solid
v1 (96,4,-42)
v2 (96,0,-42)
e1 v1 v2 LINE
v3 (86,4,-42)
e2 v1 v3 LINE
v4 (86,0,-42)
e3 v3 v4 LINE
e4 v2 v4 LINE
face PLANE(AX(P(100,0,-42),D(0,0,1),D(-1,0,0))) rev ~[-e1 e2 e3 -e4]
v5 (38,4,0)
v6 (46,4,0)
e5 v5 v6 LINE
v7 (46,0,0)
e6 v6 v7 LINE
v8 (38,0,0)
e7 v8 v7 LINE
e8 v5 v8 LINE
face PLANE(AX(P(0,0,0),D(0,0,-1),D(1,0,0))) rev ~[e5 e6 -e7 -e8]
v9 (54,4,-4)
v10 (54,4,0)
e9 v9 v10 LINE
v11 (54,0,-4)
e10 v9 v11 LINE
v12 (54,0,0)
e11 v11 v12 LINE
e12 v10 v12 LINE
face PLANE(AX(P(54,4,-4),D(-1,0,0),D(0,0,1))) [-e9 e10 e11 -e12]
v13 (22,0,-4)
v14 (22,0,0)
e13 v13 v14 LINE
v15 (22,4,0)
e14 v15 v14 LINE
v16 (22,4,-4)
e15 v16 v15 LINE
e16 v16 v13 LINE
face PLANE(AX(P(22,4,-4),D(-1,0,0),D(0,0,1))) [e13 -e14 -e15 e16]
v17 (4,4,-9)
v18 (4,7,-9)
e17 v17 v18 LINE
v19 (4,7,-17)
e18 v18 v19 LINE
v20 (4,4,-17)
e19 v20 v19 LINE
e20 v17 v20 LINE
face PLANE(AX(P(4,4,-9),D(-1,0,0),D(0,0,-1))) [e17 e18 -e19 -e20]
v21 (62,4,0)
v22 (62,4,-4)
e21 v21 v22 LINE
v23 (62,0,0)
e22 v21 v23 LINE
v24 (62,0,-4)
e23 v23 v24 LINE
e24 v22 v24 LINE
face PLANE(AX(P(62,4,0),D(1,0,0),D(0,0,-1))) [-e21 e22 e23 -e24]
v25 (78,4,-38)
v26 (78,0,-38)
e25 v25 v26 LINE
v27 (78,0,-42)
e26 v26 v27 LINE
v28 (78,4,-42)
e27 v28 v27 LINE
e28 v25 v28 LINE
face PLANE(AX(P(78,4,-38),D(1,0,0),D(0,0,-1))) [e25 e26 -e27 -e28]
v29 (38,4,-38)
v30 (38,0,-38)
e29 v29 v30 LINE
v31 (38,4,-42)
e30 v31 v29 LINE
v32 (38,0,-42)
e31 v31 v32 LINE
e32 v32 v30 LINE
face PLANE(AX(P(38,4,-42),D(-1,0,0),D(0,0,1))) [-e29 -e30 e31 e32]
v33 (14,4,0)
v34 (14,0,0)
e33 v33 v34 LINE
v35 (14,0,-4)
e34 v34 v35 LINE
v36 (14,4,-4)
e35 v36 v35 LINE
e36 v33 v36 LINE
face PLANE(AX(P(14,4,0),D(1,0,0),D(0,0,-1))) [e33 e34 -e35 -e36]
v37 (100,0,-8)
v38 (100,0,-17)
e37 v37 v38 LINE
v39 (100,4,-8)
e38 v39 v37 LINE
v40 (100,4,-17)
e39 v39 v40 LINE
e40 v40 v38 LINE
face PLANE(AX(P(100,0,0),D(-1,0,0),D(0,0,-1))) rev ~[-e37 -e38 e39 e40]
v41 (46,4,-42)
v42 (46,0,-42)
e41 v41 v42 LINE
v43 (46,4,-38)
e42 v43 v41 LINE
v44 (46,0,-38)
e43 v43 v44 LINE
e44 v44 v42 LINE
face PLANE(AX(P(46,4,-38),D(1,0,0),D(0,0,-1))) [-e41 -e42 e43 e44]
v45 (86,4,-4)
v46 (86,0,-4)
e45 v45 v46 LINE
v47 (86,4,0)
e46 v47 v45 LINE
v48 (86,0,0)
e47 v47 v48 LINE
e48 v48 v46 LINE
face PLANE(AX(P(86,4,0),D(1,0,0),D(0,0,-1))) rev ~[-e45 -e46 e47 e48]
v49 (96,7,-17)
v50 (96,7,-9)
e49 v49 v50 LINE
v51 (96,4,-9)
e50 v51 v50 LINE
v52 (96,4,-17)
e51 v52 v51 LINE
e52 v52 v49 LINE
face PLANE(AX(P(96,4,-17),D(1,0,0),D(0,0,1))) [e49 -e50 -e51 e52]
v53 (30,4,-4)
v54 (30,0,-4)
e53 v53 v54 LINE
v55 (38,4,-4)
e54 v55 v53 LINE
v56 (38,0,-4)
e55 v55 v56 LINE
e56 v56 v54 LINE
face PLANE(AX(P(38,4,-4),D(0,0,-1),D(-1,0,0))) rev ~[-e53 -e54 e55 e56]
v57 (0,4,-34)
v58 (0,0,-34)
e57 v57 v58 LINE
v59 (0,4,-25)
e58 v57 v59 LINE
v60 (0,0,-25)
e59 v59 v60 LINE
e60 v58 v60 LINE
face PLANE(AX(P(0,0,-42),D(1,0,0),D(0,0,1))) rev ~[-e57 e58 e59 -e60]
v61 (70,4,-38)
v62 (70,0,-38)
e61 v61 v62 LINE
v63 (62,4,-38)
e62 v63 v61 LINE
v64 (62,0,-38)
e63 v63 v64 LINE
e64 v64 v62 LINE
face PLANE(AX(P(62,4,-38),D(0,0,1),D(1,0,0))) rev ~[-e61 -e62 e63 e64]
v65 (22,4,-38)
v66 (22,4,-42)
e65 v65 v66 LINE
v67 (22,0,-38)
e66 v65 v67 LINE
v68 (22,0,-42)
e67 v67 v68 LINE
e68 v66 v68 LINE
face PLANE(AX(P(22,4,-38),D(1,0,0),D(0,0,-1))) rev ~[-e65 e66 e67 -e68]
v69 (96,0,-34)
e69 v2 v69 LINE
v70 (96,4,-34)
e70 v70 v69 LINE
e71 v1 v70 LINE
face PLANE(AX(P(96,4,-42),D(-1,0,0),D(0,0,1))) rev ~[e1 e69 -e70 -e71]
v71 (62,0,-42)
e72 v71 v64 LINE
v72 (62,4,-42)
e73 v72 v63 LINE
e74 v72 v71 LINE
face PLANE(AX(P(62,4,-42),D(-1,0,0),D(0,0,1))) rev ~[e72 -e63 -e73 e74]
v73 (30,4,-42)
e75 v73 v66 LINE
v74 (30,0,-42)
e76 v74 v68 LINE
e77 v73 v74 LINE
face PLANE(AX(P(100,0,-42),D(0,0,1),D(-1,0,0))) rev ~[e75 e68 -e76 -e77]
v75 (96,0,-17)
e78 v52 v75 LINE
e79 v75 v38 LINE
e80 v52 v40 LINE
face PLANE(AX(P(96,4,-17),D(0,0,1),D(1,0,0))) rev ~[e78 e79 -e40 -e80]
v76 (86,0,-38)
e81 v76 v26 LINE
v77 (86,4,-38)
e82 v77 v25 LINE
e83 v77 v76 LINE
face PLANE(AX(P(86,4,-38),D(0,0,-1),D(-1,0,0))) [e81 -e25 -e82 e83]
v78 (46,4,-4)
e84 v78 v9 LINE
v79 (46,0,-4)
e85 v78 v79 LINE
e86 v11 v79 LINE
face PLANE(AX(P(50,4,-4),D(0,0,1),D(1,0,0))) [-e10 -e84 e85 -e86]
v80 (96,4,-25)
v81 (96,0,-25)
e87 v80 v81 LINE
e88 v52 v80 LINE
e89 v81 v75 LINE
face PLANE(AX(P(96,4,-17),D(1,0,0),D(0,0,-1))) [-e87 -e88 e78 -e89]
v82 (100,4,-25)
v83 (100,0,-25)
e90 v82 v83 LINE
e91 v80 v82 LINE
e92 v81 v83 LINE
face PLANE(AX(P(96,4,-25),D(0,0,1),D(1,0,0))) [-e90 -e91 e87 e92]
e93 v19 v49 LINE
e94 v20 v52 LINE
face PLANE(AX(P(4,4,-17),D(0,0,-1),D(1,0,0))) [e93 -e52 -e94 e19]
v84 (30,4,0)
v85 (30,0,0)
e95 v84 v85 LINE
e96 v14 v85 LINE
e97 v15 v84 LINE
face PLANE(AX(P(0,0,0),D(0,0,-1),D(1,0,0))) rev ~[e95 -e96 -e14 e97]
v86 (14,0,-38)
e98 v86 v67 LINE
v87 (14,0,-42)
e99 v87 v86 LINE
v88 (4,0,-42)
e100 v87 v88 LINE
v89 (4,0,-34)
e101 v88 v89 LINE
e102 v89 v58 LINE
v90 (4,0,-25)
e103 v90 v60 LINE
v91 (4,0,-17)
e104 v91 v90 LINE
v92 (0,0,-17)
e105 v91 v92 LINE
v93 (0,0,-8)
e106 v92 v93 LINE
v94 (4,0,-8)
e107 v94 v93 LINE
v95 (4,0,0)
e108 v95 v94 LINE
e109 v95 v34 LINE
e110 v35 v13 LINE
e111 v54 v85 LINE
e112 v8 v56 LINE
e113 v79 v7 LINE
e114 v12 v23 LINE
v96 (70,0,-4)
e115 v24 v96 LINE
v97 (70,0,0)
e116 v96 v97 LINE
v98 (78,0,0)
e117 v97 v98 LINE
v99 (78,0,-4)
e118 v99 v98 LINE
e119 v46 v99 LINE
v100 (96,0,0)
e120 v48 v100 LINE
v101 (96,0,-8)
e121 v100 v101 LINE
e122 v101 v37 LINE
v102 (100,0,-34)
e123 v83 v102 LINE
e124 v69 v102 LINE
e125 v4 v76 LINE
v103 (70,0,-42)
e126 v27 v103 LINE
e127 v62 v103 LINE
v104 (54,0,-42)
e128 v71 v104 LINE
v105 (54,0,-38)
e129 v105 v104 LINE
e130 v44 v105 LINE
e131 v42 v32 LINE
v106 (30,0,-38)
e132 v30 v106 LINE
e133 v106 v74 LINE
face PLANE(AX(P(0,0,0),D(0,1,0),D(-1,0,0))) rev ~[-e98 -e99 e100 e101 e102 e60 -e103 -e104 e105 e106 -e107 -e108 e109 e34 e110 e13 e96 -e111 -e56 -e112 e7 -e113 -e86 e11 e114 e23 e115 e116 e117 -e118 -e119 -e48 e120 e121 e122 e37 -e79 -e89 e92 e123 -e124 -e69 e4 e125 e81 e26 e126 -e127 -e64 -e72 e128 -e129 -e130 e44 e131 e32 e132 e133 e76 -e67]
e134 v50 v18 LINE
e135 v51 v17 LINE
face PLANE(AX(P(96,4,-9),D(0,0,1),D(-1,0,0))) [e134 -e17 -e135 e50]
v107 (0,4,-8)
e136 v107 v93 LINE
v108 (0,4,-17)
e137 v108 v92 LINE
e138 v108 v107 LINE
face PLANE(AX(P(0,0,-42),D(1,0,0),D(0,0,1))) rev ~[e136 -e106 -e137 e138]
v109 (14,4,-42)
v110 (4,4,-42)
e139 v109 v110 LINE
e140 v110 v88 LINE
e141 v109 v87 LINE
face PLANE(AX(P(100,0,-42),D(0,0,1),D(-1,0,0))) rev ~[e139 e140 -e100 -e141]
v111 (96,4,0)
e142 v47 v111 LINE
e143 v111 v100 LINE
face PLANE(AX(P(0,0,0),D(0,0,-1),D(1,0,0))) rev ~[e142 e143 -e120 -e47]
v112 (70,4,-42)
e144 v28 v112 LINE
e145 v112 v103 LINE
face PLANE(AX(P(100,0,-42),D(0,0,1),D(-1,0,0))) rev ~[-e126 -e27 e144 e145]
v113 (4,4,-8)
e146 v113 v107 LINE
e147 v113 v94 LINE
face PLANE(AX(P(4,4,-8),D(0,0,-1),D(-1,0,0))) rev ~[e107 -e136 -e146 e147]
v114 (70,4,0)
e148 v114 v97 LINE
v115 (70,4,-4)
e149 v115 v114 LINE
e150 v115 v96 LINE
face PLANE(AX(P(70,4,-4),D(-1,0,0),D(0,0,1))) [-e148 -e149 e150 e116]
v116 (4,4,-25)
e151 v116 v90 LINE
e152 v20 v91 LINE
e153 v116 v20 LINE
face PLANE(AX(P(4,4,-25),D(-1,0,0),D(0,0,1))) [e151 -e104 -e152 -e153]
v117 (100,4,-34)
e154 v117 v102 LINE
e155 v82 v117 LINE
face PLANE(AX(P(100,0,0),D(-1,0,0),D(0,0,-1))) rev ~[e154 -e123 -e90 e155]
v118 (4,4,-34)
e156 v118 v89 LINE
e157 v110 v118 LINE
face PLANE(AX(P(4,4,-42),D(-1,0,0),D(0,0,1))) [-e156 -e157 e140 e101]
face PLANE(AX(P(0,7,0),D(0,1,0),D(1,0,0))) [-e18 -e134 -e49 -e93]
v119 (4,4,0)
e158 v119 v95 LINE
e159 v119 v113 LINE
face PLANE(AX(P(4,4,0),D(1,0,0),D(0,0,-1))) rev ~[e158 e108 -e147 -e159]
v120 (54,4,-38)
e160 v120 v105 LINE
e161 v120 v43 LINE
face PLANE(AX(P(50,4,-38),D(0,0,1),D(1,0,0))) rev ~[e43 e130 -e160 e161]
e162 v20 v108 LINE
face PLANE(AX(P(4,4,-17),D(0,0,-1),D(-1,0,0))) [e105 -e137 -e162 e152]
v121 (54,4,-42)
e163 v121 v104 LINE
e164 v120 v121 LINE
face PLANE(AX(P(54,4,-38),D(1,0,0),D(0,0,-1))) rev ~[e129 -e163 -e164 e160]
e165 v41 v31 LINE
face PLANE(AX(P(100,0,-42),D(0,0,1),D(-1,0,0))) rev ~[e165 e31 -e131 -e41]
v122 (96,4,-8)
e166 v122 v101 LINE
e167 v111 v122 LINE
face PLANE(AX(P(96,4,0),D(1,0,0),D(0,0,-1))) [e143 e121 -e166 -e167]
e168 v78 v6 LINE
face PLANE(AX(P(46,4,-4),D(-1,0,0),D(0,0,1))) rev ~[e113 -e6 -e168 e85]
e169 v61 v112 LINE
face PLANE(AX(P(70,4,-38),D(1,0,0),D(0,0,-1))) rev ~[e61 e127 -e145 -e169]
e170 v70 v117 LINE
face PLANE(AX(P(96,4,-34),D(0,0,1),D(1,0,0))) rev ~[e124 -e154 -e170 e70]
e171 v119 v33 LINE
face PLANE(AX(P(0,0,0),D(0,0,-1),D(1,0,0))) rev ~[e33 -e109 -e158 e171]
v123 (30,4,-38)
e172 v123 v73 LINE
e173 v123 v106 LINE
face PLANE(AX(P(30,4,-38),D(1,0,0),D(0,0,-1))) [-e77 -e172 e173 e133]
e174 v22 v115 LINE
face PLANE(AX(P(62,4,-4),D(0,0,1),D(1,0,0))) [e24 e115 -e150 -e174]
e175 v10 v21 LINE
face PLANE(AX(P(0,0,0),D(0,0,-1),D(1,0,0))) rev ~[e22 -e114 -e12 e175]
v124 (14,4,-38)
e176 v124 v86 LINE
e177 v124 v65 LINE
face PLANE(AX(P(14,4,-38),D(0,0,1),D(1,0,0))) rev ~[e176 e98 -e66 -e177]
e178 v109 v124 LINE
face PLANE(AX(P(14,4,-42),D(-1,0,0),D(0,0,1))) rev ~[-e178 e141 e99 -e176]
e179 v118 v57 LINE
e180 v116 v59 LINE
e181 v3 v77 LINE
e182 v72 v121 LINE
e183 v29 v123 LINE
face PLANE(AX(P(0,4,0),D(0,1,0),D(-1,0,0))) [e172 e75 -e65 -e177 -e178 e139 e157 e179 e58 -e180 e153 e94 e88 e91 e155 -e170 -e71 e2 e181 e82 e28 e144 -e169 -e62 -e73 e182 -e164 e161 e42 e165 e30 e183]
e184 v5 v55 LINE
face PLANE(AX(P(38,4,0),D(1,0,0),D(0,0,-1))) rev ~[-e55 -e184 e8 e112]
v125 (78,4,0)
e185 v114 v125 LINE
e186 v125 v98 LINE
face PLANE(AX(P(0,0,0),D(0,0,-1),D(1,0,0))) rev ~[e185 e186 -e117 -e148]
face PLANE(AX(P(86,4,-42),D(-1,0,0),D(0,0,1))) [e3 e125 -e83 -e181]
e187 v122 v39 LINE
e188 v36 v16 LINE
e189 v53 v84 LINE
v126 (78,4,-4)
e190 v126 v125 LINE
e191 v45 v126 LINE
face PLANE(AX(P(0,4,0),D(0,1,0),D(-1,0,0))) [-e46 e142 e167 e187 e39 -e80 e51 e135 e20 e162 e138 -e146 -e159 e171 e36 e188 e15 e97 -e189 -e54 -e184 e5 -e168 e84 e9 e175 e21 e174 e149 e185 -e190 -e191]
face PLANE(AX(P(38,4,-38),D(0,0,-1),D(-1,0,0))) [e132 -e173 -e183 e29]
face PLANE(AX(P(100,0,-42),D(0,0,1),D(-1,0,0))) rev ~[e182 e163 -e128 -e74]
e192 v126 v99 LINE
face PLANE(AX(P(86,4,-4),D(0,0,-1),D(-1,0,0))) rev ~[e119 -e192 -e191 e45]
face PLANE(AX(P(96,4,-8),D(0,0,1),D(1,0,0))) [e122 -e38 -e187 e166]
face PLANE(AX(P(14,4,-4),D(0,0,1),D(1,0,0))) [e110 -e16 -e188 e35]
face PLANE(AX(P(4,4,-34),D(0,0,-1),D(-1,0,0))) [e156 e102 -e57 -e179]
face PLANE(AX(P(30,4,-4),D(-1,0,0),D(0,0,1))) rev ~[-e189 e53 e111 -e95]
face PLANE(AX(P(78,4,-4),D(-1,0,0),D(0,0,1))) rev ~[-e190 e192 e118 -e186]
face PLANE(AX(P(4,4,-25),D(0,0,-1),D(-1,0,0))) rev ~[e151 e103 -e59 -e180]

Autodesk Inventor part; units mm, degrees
ref_plane "YZ Plane" through (0, 0, 0) normal (1, 0, 0) x (0, 1, 0)
ref_plane "XZ Plane" through (0, 0, 0) normal (0, 1, 0) x (-1, 0, 0)
ref_plane "XY Plane" through (0, 0, 0) normal (0, 0, 1) x (1, 0, 0)
sketch "Sketch1" plane through (0, 0, 0) normal (0, 1, 0) x (-1, 0, 0)
  line L0 (0, 0) -> (-100, 0)
  line L1 (-100, 0) -> (-100, -42)
  line L2 (-100, -42) -> (0, -42)
  line L3 (0, -42) -> (0, 0)
  dimension "d0" = 100
  dimension "d1" = 42
extrude "Extrusion1" add sketch "Sketch1" along normal blind 4
sketch "Sketch2" plane through (0, 4, 0) normal (0, 1, 0) x (1, 0, 0)
  line L0 (0, 0) -> (100, 0) construction
  line L1 (100, 0) -> (100, 42) construction
  line L2 (100, 42) -> (0, 42) construction
  line L3 (0, 42) -> (0, 0) construction
  line L4 (4, 38) -> (96, 38) construction
  line L5 (96, 38) -> (96, 4) construction
  line L6 (96, 4) -> (4, 4) construction
  line L7 (4, 4) -> (4, 38) construction
  line L8 (100, 42) -> (0, 42) projected
  line L9 (4, 42) -> (4, 34)
  line L10 (4, 34) -> (0, 34)
  line L11 (0, 42) -> (0, 0) projected
  line L12 (0, 34) -> (0, 42)
  line L13 (0, 42) -> (4, 42)
  line L14 (0, 21) -> (100, 21) construction
  line L15 (50, 42) -> (50, 0) construction
  line L16 (0, 0) -> (100, 0) construction
  line L17 (0, 21) -> (0, 25)
  line L18 (4, 25) -> (0, 25)
  line L19 (4, 25) -> (4, 21)
  line L20 (14, 42) -> (14, 38)
  line L21 (14, 38) -> (22, 38)
  line L22 (22, 38) -> (22, 42)
  line L23 (14, 42) -> (22, 42)
  line L24 (30, 42) -> (38, 42)
  line L25 (38, 42) -> (38, 38)
  line L26 (38, 38) -> (30, 38)
  line L27 (30, 38) -> (30, 42)
  line L28 (50, 38) -> (46, 38)
  line L29 (46, 38) -> (46, 42)
  line L30 (46, 42) -> (50, 42)
  line L31 (4, 0) -> (4, 8)
  line L32 (4, 8) -> (0, 8)
  line L33 (0, 8) -> (0, 0)
  line L34 (0, 0) -> (4, 0)
  line L35 (0, 21) -> (0, 17)
  line L36 (4, 17) -> (0, 17)
  line L37 (4, 17) -> (4, 21)
  line L38 (14, 0) -> (14, 4)
  line L39 (14, 4) -> (22, 4)
  line L40 (22, 4) -> (22, 0)
  line L41 (14, 0) -> (22, 0)
  line L42 (30, 0) -> (38, 0)
  line L43 (38, 0) -> (38, 4)
  line L44 (38, 4) -> (30, 4)
  line L45 (30, 4) -> (30, 0)
  line L46 (50, 4) -> (46, 4)
  line L47 (46, 4) -> (46, 0)
  line L48 (46, 0) -> (50, 0)
  line L49 (100, 42) -> (100, 0) construction
  line L50 (96, 4) -> (96, 38) construction
  line L51 (96, 42) -> (96, 34)
  line L52 (96, 34) -> (100, 34)
  line L53 (100, 42) -> (100, 0)
  line L54 (100, 34) -> (100, 42)
  line L55 (100, 42) -> (96, 42)
  line L56 (100, 21) -> (100, 25)
  line L57 (96, 25) -> (100, 25)
  line L58 (96, 25) -> (96, 21)
  line L59 (86, 42) -> (86, 38)
  line L60 (86, 38) -> (78, 38)
  line L61 (78, 38) -> (78, 42)
  line L62 (86, 42) -> (78, 42)
  line L63 (70, 42) -> (62, 42)
  line L64 (62, 42) -> (62, 38)
  line L65 (62, 38) -> (70, 38)
  line L66 (70, 38) -> (70, 42)
  line L67 (50, 38) -> (54, 38)
  line L68 (54, 38) -> (54, 42)
  line L69 (54, 42) -> (50, 42)
  line L70 (70, 4) -> (70, 0)
  line L71 (62, 4) -> (70, 4)
  line L72 (70, 0) -> (62, 0)
  line L73 (62, 0) -> (62, 4)
  line L74 (54, 4) -> (54, 0)
  line L75 (50, 4) -> (54, 4)
  line L76 (54, 0) -> (50, 0)
  line L77 (78, 4) -> (78, 0)
  line L78 (86, 4) -> (78, 4)
  line L79 (86, 0) -> (78, 0)
  line L80 (86, 0) -> (86, 4)
  line L81 (96, 0) -> (96, 8)
  line L82 (100, 0) -> (96, 0)
  line L83 (96, 8) -> (100, 8)
  line L84 (100, 8) -> (100, 0)
  line L85 (96, 17) -> (96, 21)
  line L86 (100, 21) -> (100, 17)
  line L87 (96, 17) -> (100, 17)
  dimension "d4" = 4
  dimension "d5" = 4
  dimension "d7" = 8
  dimension "d8" = 8
  dimension "d10" = 8
  dimension "d11" = 8
  dimension "d13" = 4
  dimension "d14" = 8
extrude "Extrusion2" cut sketch "Sketch2" against normal up to surface (4 mm away)
sketch "Sketch3" plane through (0, 4, 0) normal (0, 1, 0) x (1, 0, 0)
  line L0 (4, 25) -> (4, 17) projected
  line L1 (96, 0) -> (96, 8) projected
  line L2 (4, 17) -> (96, 17)
  line L3 (96, 17) -> (96, 9)
  line L4 (96, 9) -> (4, 9)
  line L5 (4, 9) -> (4, 17)
  line L6 (30, 4) -> (38, 4) projected
  point P0 (0, 0)
  dimension "d17" = 5
  dimension "d18" = 8
extrude "Extrusion3" add sketch "Sketch3" along normal blind 3
properties part number "front" material "PBT Plastic Black"
